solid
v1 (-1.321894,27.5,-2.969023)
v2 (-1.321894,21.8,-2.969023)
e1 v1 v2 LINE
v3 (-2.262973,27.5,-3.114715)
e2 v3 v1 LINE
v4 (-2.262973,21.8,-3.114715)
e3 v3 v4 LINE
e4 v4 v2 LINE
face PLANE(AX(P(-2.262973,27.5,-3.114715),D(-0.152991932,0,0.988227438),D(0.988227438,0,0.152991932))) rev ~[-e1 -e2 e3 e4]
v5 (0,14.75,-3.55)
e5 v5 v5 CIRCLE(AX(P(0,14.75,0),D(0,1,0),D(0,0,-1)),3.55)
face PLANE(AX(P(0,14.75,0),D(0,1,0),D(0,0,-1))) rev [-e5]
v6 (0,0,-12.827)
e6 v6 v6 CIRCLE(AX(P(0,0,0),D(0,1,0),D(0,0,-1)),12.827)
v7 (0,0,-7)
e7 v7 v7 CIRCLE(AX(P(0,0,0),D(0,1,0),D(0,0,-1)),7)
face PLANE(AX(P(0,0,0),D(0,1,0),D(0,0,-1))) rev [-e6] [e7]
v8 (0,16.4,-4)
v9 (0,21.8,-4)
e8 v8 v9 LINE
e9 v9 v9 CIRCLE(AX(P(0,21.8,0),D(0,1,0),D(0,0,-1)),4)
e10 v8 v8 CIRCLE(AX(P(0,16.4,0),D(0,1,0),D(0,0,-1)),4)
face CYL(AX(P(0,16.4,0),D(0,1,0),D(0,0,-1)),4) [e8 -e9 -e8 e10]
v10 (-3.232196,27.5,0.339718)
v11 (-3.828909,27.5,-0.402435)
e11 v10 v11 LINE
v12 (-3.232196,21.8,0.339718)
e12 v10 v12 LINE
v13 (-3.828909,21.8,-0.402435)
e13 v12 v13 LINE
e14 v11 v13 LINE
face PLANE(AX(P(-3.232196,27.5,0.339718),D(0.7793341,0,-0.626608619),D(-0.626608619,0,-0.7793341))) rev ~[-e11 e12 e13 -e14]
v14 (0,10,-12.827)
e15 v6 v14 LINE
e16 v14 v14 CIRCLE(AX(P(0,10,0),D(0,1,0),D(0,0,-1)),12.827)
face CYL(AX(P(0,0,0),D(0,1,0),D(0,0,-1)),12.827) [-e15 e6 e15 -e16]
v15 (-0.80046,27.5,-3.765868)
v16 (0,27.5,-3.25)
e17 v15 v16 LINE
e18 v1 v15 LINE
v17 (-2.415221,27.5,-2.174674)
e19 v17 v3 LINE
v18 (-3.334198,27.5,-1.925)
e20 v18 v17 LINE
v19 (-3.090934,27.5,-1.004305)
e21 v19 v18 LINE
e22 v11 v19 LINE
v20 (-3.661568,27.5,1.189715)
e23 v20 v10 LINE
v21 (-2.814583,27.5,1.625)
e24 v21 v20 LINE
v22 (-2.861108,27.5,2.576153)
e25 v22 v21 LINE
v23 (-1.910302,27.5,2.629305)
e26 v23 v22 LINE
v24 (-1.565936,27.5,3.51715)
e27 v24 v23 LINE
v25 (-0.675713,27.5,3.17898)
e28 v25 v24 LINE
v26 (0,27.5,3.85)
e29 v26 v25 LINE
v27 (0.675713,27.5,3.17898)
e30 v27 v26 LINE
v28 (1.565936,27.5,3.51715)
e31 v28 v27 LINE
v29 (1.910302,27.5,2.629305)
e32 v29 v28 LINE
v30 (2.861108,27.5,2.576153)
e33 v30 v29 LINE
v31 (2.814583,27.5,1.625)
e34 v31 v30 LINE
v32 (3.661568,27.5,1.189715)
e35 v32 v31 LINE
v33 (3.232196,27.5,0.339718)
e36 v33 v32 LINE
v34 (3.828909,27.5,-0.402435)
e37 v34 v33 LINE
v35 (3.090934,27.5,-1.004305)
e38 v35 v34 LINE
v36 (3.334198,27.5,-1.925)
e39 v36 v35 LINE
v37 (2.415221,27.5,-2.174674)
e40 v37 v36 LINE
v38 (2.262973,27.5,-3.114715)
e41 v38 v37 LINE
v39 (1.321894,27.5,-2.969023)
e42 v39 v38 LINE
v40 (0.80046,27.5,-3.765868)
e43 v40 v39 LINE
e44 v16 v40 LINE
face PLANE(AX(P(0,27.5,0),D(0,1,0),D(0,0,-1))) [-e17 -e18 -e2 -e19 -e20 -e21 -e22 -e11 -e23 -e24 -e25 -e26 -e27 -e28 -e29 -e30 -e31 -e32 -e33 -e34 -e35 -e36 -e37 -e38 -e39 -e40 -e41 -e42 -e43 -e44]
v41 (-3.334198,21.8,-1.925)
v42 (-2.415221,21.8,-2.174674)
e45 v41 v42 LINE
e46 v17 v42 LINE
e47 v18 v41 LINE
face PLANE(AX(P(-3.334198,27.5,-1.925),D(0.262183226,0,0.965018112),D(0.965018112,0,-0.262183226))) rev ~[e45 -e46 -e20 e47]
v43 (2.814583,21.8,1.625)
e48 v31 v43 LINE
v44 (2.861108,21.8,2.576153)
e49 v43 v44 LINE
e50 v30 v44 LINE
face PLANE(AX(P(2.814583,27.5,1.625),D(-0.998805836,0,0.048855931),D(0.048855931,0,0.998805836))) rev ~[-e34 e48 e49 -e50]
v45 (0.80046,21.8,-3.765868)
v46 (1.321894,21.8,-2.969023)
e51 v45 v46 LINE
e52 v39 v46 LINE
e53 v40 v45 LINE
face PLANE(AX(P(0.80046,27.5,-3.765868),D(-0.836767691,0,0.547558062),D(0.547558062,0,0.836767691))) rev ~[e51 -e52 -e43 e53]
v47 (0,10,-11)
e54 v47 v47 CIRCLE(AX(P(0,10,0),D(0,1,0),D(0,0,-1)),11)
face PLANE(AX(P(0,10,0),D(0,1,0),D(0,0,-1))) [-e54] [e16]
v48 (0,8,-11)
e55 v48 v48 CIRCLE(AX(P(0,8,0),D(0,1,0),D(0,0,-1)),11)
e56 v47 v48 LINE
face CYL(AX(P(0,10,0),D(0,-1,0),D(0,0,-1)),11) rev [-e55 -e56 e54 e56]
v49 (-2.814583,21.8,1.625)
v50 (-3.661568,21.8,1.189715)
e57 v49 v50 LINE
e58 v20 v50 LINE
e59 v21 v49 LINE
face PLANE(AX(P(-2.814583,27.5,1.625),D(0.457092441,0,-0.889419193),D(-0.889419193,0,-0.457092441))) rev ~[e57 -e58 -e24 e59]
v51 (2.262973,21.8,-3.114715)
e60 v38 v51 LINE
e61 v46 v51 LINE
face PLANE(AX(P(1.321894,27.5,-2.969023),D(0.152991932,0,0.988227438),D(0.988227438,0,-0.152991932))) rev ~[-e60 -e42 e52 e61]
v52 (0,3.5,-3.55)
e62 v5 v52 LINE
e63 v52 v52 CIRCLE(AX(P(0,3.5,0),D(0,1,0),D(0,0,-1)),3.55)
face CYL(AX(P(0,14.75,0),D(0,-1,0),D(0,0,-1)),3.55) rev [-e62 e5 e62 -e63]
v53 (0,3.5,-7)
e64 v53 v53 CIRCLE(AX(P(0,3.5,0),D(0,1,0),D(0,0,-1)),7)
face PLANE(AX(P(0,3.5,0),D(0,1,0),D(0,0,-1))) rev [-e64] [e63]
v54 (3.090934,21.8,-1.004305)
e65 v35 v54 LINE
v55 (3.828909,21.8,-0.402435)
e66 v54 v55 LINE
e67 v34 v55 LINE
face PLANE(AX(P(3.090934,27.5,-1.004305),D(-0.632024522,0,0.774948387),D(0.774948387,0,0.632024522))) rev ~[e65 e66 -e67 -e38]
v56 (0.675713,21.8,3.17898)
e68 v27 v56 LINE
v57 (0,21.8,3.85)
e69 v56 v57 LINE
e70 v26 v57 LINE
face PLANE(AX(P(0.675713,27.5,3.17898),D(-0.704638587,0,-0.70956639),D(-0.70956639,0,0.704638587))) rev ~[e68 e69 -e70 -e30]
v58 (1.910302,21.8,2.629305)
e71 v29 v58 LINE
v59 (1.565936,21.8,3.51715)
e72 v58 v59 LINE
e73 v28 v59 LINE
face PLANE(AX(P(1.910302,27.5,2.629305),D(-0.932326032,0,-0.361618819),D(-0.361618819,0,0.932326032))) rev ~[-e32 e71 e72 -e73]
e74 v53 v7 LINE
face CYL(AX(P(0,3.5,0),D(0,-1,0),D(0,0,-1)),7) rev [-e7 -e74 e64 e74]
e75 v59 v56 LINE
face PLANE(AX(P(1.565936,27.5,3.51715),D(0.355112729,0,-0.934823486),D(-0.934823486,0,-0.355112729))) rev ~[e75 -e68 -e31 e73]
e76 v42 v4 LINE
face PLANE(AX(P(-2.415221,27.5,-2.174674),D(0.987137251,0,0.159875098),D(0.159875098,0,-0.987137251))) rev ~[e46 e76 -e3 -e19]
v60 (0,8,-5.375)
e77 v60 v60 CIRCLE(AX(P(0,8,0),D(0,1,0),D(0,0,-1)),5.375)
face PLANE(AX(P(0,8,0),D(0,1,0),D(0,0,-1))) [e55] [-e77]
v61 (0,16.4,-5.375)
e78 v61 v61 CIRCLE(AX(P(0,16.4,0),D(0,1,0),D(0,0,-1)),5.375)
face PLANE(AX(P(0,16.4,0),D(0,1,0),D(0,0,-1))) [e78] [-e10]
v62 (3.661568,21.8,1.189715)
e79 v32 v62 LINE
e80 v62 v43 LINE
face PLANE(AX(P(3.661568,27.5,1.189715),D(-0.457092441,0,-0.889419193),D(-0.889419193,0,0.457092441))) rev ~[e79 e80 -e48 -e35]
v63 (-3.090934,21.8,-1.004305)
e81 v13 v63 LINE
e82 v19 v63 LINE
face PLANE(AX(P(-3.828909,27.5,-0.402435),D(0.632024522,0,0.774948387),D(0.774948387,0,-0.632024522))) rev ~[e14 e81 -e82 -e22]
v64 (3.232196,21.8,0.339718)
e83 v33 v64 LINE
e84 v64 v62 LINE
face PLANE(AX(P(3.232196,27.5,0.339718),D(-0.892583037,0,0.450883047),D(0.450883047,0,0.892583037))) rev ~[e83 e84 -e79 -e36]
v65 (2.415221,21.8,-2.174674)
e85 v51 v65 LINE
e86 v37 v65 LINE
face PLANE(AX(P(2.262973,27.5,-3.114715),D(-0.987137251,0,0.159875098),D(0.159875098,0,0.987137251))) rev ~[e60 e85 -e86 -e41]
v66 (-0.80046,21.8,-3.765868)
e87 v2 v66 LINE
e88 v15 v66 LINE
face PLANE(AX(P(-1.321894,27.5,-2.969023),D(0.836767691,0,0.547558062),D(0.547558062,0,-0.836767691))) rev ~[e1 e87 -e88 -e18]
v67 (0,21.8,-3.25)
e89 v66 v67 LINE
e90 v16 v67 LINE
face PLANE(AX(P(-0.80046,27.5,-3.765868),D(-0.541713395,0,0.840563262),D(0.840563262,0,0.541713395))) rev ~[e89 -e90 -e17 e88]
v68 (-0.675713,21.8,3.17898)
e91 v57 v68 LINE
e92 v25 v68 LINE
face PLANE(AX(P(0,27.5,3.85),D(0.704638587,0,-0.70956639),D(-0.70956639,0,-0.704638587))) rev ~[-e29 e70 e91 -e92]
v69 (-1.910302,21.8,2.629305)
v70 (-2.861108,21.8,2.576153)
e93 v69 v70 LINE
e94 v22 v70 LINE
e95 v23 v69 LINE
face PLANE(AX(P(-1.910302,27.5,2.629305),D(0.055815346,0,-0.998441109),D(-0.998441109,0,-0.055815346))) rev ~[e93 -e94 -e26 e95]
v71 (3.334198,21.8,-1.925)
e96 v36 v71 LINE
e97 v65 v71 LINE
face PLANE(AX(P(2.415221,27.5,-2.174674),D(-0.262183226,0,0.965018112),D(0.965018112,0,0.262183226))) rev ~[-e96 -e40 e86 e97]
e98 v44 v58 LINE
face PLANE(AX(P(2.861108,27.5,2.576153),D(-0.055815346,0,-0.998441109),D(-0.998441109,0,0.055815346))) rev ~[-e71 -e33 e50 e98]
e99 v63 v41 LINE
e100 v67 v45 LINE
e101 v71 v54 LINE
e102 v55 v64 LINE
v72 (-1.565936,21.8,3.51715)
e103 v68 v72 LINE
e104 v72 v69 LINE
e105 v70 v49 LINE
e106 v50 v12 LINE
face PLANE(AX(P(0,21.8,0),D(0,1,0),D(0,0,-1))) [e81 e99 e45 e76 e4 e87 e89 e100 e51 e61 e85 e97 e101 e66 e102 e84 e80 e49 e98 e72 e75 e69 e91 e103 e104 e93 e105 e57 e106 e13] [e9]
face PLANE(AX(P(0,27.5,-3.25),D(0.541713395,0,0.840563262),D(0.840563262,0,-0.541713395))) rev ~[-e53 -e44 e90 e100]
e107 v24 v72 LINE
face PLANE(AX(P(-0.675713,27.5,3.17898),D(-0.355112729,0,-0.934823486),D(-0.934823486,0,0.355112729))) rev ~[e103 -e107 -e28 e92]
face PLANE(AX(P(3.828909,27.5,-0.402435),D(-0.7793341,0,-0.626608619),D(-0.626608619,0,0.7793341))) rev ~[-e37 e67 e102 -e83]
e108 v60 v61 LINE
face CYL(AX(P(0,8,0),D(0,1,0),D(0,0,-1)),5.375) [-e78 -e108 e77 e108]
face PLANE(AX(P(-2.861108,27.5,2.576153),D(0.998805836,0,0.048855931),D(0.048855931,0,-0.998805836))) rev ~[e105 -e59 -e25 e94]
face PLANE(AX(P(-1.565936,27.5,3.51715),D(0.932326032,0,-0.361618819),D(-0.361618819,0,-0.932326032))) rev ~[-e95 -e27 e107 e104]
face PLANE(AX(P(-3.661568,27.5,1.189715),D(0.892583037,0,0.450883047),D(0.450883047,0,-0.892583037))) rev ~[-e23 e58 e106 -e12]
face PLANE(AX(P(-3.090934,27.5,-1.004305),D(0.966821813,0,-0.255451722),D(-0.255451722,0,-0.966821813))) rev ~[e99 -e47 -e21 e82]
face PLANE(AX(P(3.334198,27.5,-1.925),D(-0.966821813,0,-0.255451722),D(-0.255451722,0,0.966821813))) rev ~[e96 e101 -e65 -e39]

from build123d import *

# Parameters (mm, degrees)
CUT_EXTRUDE1_DEPTH = 5.7
CIRPATTERN1_COUNT  = 15


with BuildPart() as part:
    # Sketch1 → 52 Tooth (revolve)
    with BuildSketch(Plane.XY, mode=Mode.PRIVATE) as f_52_tooth_sk:
        Polygon((12.827, 0), (12.827, 10), (11, 10), (11, 8), (5.375, 8), (5.375, 16.4), (4, 16.4), (4, 21.8), (3.85, 21.8), (3.85, 27.5), (0, 27.5), (0, 14.75), (3.55, 14.75), (3.55, 3.5), (7, 3.5), (7, 0), align=None)
    revolve(f_52_tooth_sk.sketch.rotate(Axis((0, 0, 0), (0, 1, 0)), 90), axis=Axis((0, 0, 0), (0, 1, 0)))

    # Sketch2 → Cut-Extrude1 (cut)
    with BuildSketch(Plane(origin=(0, 27.5, 0), x_dir=(1, 0, 0), z_dir=(0, 1, 0))):
        with BuildLine():
            ThreePointArc((0.80046001, 3.765868263), (0, 3.85), (-0.80046001, 3.765868263))
            Line((-0.80046001, 3.765868263), (0, 3.25))
            Line((0, 3.25), (0.80046001, 3.765868263))
        make_face()
    cut_extrude1 = extrude(amount=-CUT_EXTRUDE1_DEPTH, mode=Mode.SUBTRACT)

    # CirPattern1: Cut-Extrude1 ×15 about axis
    cirpattern1_axis = Axis((0, 0, 0), (0, 1, 0))
    for i in range(1, CIRPATTERN1_COUNT):
        add(cut_extrude1.rotate(cirpattern1_axis, i * 360 / CIRPATTERN1_COUNT), mode=Mode.SUBTRACT)


solid = part.part
